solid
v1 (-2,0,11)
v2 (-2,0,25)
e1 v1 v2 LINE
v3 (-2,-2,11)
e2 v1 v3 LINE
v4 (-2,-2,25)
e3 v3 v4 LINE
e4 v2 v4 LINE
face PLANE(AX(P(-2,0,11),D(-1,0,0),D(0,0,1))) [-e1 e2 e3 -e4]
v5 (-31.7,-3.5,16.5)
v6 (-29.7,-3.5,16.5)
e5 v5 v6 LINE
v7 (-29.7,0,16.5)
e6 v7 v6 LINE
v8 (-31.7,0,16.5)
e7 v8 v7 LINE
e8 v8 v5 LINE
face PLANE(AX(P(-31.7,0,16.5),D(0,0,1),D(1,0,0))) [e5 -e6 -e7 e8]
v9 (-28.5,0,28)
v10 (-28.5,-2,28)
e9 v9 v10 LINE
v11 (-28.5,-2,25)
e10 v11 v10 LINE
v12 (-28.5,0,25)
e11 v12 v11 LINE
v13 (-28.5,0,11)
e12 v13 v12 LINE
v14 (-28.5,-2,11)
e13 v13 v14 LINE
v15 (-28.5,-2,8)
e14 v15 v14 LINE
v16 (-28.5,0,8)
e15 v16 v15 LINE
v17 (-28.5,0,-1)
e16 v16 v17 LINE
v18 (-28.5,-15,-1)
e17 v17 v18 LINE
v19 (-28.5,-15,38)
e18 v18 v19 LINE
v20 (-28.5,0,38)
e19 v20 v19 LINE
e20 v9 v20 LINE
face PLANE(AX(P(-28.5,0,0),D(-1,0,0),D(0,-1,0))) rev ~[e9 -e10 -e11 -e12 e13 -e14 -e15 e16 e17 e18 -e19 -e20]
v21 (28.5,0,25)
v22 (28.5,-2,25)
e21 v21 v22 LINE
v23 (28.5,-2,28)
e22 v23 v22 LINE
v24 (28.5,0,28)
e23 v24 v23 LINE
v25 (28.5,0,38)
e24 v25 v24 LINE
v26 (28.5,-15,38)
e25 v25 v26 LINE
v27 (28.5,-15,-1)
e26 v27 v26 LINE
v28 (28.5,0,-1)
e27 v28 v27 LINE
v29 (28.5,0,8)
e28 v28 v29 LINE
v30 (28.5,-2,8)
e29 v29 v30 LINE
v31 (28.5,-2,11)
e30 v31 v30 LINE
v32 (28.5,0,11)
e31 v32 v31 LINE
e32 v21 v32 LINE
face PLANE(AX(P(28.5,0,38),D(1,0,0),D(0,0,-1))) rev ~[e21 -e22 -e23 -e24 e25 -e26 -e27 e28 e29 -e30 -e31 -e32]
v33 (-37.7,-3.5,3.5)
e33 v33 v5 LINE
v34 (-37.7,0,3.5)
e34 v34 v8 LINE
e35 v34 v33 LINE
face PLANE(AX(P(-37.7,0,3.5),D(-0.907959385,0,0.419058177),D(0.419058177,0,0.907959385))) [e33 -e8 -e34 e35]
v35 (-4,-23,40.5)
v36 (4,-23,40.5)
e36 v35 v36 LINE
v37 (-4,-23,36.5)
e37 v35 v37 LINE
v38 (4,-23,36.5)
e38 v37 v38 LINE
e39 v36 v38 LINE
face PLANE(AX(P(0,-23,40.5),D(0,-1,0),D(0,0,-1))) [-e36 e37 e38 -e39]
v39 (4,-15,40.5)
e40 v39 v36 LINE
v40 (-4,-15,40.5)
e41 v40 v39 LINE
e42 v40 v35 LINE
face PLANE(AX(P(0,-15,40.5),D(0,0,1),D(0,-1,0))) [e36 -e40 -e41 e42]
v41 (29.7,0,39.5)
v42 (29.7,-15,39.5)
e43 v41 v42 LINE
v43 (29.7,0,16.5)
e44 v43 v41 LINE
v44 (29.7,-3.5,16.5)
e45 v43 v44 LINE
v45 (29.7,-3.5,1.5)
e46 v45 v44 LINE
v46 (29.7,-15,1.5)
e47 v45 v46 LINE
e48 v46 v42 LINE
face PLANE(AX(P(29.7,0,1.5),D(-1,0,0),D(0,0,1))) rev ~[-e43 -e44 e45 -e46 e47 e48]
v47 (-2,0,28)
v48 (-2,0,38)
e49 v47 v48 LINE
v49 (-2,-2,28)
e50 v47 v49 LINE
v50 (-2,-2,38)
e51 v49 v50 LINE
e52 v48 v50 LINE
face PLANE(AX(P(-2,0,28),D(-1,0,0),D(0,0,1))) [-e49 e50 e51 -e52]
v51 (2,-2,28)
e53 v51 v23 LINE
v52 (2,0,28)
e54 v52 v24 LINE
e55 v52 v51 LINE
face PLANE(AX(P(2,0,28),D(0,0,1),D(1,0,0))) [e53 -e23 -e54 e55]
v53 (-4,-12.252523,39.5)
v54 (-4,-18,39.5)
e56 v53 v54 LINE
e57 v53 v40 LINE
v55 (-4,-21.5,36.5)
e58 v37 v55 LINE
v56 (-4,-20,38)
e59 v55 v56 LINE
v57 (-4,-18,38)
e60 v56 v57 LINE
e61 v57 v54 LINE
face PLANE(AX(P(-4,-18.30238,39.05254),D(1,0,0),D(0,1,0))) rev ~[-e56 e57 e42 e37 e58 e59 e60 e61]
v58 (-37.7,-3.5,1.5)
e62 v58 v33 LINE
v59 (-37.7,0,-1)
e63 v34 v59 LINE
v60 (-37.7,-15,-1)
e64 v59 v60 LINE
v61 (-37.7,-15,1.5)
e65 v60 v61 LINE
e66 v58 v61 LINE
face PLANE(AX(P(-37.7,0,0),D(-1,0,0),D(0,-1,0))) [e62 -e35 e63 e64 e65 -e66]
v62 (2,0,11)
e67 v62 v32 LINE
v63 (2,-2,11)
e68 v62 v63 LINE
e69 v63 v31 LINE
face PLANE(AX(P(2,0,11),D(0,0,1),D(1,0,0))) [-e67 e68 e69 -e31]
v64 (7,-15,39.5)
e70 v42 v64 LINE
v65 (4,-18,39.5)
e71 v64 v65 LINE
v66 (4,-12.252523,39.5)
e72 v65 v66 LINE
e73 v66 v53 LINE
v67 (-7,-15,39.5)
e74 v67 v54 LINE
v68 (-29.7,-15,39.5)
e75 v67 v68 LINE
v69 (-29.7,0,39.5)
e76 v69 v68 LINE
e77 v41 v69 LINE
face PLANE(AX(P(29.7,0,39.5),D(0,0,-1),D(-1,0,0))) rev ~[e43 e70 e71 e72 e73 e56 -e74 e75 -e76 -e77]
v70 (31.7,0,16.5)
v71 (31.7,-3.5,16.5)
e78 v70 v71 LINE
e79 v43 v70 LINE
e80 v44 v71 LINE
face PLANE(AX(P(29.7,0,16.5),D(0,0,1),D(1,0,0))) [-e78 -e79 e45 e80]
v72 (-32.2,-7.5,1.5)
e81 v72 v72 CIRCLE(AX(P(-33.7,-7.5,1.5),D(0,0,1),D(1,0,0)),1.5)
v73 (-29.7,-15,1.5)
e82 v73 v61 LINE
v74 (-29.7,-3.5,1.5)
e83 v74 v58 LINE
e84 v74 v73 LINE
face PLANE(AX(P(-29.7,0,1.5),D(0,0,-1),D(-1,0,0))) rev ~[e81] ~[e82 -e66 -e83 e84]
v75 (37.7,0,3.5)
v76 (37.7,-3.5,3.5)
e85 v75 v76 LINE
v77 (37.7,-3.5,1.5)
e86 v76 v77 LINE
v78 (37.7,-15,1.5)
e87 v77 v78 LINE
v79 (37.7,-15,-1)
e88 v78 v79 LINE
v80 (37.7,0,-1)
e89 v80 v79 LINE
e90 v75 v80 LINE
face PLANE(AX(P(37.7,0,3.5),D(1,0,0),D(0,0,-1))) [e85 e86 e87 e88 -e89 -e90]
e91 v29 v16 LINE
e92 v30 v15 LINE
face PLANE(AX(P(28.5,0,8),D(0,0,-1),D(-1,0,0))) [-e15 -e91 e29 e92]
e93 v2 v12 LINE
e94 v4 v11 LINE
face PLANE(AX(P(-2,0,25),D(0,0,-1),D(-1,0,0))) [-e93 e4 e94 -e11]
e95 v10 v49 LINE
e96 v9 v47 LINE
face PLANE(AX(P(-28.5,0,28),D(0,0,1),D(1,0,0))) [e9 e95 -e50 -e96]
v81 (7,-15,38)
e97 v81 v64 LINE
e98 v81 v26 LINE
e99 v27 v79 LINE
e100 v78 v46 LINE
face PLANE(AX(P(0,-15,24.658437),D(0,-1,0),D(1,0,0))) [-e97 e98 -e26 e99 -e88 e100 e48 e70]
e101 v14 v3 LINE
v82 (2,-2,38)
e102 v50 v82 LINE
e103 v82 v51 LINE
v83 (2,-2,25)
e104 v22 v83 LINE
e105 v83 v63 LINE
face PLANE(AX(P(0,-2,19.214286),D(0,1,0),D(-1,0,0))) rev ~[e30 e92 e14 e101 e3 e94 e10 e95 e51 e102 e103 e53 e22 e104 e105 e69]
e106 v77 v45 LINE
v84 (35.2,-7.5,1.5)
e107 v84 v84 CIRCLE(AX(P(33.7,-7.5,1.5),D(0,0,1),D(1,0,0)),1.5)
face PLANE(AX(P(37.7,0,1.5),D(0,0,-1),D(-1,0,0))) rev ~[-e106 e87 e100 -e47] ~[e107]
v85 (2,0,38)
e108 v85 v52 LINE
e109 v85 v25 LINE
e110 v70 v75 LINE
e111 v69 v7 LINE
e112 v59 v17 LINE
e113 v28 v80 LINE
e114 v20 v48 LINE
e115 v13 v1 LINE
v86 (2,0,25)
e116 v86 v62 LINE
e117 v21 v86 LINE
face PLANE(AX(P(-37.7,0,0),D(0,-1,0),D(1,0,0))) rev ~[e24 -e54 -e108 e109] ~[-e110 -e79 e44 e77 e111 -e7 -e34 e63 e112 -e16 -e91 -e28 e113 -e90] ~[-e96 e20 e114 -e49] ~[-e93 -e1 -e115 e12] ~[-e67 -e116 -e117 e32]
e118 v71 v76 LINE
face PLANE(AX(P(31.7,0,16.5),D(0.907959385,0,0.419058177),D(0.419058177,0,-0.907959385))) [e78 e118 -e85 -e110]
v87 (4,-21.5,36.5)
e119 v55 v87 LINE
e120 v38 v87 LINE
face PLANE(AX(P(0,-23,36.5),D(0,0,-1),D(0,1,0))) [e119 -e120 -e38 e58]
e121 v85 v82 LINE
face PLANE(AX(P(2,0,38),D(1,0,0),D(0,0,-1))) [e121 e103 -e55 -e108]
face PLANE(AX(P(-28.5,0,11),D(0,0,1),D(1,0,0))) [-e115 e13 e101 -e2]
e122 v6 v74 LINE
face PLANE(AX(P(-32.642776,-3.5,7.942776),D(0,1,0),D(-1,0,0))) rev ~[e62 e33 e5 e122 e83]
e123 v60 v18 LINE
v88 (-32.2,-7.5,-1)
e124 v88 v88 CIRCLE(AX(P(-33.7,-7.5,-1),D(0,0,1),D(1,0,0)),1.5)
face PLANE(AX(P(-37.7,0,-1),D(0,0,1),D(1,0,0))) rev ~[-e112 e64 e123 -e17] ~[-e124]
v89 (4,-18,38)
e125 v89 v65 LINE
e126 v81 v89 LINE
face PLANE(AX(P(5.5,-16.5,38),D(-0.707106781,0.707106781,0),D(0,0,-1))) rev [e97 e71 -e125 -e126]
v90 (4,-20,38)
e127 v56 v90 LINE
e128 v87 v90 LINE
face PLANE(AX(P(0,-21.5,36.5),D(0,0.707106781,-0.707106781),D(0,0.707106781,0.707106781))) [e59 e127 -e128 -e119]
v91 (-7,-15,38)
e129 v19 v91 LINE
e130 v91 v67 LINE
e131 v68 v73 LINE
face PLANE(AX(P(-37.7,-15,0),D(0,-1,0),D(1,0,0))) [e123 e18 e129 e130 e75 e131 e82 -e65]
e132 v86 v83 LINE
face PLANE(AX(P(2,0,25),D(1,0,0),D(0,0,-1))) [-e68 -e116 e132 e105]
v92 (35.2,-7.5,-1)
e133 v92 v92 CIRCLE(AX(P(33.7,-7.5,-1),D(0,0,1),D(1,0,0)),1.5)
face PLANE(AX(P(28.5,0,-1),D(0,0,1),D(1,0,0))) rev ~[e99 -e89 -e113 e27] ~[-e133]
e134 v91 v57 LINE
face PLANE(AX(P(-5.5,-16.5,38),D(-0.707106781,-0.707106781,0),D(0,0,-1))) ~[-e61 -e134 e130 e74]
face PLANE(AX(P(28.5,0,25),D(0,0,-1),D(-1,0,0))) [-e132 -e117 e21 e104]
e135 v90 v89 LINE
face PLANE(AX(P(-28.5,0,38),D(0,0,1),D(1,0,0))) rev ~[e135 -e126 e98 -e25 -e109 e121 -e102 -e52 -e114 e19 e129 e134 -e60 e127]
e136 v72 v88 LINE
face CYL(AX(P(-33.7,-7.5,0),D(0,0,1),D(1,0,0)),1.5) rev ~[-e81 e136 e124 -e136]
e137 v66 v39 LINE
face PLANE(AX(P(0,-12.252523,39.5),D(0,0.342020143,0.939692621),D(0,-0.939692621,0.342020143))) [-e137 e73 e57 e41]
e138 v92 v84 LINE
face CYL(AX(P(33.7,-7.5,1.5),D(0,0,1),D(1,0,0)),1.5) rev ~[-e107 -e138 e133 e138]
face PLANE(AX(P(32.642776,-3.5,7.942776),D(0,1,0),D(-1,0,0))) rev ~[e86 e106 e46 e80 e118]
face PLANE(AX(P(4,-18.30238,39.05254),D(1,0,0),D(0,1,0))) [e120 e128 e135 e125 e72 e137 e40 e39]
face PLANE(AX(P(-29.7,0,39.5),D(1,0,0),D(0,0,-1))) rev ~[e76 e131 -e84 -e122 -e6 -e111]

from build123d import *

# Parameters (mm, degrees)
F1_DEPTH  = 15
F3_DEPTH  = 2
F4_R      = 1.5
F5_DEPTH  = 25
F7_DEPTH  = 4
F8_SIZE   = 3
F10_DEPTH = 3.5
F11_DEPTH = 1


with BuildPart() as f1:
    # F0 (on Front) → F1 (new body)
    with BuildSketch(Plane.XZ):
        Polygon((-28.5, 38), (0, 38), (28.5, 38), (28.5, 0), (37.7, 0), (37.7, 1.5), (29.7, 1.5), (29.7, 39.5), (0, 39.5), (-29.7, 39.5), (-29.7, 1.5), (-37.7, 1.5), (-37.7, 0), (-28.5, 0), align=None)
    extrude(amount=F1_DEPTH)

    # F2 (on face) → F3 (join)
    with BuildSketch(Plane(origin=(0, 0, 0), x_dir=(-1, 0, 0), z_dir=(0, 1, 0))):
        Polygon((-28.5, 11), (-28.5, 8), (-2, 8), (2, 8), (28.5, 8), (28.5, 11), (2, 11), (2, 25), (28.5, 25), (28.5, 28), (2, 28), (2, 38), (-2, 38), (-2, 28), (-28.5, 28), (-28.5, 25), (-2, 25), (-2, 11), align=None)
    extrude(amount=-F3_DEPTH)

    # F4 (on face) → F5 (cut)
    with BuildSketch(Plane.XY.offset(1.5)):
        with Locations((-33.7, -7.5)):
            Circle(F4_R)
        with Locations((33.7, -7.5)):
            Circle(F4_R)
    extrude(amount=-F5_DEPTH, mode=Mode.SUBTRACT)

    # F6 (on Right) → F7 (join, symmetric)
    with BuildSketch(Plane.YZ):
        Polygon((-12.2525225805, 39.5), (-15, 40.5), (-23, 40.5), (-23, 38), (-23, 36.5), (-21.5, 36.5), (-20, 38), (-15, 38), (-15, 39.5), align=None)
    extrude(amount=F7_DEPTH, both=True)

    # F8
    f8_edges = [f1.edges().sort_by_distance(p)[0] for p in [
        (4, -15, 38.75),
        (-4, -15, 38.75),
    ]]
    chamfer(f8_edges, length=F8_SIZE)

    # F9 (on face) → F10 (join)
    with BuildSketch(Plane(origin=(0, 0, 0), x_dir=(-1, 0, 0), z_dir=(0, 1, 0))):
        Polygon((-29.7, 1.5), (-29.7, 16.5), (-31.7, 16.5), (-37.7, 3.5), (-37.7, 1.5), align=None)
        Polygon((29.7, 1.5), (37.7, 1.5), (37.7, 3.5), (31.7, 16.5), (29.7, 16.5), align=None)
    extrude(amount=-F10_DEPTH)

    # F11 (add): faces of the model
    f11_faces = [f1.faces().sort_by_distance(p)[0] for p in [
        (-37.5240340942, -7.5, 0),
        (28.6759659058, -7.5, 0),
    ]]
    extrude(f11_faces, amount=F11_DEPTH)


solid = f1.part
